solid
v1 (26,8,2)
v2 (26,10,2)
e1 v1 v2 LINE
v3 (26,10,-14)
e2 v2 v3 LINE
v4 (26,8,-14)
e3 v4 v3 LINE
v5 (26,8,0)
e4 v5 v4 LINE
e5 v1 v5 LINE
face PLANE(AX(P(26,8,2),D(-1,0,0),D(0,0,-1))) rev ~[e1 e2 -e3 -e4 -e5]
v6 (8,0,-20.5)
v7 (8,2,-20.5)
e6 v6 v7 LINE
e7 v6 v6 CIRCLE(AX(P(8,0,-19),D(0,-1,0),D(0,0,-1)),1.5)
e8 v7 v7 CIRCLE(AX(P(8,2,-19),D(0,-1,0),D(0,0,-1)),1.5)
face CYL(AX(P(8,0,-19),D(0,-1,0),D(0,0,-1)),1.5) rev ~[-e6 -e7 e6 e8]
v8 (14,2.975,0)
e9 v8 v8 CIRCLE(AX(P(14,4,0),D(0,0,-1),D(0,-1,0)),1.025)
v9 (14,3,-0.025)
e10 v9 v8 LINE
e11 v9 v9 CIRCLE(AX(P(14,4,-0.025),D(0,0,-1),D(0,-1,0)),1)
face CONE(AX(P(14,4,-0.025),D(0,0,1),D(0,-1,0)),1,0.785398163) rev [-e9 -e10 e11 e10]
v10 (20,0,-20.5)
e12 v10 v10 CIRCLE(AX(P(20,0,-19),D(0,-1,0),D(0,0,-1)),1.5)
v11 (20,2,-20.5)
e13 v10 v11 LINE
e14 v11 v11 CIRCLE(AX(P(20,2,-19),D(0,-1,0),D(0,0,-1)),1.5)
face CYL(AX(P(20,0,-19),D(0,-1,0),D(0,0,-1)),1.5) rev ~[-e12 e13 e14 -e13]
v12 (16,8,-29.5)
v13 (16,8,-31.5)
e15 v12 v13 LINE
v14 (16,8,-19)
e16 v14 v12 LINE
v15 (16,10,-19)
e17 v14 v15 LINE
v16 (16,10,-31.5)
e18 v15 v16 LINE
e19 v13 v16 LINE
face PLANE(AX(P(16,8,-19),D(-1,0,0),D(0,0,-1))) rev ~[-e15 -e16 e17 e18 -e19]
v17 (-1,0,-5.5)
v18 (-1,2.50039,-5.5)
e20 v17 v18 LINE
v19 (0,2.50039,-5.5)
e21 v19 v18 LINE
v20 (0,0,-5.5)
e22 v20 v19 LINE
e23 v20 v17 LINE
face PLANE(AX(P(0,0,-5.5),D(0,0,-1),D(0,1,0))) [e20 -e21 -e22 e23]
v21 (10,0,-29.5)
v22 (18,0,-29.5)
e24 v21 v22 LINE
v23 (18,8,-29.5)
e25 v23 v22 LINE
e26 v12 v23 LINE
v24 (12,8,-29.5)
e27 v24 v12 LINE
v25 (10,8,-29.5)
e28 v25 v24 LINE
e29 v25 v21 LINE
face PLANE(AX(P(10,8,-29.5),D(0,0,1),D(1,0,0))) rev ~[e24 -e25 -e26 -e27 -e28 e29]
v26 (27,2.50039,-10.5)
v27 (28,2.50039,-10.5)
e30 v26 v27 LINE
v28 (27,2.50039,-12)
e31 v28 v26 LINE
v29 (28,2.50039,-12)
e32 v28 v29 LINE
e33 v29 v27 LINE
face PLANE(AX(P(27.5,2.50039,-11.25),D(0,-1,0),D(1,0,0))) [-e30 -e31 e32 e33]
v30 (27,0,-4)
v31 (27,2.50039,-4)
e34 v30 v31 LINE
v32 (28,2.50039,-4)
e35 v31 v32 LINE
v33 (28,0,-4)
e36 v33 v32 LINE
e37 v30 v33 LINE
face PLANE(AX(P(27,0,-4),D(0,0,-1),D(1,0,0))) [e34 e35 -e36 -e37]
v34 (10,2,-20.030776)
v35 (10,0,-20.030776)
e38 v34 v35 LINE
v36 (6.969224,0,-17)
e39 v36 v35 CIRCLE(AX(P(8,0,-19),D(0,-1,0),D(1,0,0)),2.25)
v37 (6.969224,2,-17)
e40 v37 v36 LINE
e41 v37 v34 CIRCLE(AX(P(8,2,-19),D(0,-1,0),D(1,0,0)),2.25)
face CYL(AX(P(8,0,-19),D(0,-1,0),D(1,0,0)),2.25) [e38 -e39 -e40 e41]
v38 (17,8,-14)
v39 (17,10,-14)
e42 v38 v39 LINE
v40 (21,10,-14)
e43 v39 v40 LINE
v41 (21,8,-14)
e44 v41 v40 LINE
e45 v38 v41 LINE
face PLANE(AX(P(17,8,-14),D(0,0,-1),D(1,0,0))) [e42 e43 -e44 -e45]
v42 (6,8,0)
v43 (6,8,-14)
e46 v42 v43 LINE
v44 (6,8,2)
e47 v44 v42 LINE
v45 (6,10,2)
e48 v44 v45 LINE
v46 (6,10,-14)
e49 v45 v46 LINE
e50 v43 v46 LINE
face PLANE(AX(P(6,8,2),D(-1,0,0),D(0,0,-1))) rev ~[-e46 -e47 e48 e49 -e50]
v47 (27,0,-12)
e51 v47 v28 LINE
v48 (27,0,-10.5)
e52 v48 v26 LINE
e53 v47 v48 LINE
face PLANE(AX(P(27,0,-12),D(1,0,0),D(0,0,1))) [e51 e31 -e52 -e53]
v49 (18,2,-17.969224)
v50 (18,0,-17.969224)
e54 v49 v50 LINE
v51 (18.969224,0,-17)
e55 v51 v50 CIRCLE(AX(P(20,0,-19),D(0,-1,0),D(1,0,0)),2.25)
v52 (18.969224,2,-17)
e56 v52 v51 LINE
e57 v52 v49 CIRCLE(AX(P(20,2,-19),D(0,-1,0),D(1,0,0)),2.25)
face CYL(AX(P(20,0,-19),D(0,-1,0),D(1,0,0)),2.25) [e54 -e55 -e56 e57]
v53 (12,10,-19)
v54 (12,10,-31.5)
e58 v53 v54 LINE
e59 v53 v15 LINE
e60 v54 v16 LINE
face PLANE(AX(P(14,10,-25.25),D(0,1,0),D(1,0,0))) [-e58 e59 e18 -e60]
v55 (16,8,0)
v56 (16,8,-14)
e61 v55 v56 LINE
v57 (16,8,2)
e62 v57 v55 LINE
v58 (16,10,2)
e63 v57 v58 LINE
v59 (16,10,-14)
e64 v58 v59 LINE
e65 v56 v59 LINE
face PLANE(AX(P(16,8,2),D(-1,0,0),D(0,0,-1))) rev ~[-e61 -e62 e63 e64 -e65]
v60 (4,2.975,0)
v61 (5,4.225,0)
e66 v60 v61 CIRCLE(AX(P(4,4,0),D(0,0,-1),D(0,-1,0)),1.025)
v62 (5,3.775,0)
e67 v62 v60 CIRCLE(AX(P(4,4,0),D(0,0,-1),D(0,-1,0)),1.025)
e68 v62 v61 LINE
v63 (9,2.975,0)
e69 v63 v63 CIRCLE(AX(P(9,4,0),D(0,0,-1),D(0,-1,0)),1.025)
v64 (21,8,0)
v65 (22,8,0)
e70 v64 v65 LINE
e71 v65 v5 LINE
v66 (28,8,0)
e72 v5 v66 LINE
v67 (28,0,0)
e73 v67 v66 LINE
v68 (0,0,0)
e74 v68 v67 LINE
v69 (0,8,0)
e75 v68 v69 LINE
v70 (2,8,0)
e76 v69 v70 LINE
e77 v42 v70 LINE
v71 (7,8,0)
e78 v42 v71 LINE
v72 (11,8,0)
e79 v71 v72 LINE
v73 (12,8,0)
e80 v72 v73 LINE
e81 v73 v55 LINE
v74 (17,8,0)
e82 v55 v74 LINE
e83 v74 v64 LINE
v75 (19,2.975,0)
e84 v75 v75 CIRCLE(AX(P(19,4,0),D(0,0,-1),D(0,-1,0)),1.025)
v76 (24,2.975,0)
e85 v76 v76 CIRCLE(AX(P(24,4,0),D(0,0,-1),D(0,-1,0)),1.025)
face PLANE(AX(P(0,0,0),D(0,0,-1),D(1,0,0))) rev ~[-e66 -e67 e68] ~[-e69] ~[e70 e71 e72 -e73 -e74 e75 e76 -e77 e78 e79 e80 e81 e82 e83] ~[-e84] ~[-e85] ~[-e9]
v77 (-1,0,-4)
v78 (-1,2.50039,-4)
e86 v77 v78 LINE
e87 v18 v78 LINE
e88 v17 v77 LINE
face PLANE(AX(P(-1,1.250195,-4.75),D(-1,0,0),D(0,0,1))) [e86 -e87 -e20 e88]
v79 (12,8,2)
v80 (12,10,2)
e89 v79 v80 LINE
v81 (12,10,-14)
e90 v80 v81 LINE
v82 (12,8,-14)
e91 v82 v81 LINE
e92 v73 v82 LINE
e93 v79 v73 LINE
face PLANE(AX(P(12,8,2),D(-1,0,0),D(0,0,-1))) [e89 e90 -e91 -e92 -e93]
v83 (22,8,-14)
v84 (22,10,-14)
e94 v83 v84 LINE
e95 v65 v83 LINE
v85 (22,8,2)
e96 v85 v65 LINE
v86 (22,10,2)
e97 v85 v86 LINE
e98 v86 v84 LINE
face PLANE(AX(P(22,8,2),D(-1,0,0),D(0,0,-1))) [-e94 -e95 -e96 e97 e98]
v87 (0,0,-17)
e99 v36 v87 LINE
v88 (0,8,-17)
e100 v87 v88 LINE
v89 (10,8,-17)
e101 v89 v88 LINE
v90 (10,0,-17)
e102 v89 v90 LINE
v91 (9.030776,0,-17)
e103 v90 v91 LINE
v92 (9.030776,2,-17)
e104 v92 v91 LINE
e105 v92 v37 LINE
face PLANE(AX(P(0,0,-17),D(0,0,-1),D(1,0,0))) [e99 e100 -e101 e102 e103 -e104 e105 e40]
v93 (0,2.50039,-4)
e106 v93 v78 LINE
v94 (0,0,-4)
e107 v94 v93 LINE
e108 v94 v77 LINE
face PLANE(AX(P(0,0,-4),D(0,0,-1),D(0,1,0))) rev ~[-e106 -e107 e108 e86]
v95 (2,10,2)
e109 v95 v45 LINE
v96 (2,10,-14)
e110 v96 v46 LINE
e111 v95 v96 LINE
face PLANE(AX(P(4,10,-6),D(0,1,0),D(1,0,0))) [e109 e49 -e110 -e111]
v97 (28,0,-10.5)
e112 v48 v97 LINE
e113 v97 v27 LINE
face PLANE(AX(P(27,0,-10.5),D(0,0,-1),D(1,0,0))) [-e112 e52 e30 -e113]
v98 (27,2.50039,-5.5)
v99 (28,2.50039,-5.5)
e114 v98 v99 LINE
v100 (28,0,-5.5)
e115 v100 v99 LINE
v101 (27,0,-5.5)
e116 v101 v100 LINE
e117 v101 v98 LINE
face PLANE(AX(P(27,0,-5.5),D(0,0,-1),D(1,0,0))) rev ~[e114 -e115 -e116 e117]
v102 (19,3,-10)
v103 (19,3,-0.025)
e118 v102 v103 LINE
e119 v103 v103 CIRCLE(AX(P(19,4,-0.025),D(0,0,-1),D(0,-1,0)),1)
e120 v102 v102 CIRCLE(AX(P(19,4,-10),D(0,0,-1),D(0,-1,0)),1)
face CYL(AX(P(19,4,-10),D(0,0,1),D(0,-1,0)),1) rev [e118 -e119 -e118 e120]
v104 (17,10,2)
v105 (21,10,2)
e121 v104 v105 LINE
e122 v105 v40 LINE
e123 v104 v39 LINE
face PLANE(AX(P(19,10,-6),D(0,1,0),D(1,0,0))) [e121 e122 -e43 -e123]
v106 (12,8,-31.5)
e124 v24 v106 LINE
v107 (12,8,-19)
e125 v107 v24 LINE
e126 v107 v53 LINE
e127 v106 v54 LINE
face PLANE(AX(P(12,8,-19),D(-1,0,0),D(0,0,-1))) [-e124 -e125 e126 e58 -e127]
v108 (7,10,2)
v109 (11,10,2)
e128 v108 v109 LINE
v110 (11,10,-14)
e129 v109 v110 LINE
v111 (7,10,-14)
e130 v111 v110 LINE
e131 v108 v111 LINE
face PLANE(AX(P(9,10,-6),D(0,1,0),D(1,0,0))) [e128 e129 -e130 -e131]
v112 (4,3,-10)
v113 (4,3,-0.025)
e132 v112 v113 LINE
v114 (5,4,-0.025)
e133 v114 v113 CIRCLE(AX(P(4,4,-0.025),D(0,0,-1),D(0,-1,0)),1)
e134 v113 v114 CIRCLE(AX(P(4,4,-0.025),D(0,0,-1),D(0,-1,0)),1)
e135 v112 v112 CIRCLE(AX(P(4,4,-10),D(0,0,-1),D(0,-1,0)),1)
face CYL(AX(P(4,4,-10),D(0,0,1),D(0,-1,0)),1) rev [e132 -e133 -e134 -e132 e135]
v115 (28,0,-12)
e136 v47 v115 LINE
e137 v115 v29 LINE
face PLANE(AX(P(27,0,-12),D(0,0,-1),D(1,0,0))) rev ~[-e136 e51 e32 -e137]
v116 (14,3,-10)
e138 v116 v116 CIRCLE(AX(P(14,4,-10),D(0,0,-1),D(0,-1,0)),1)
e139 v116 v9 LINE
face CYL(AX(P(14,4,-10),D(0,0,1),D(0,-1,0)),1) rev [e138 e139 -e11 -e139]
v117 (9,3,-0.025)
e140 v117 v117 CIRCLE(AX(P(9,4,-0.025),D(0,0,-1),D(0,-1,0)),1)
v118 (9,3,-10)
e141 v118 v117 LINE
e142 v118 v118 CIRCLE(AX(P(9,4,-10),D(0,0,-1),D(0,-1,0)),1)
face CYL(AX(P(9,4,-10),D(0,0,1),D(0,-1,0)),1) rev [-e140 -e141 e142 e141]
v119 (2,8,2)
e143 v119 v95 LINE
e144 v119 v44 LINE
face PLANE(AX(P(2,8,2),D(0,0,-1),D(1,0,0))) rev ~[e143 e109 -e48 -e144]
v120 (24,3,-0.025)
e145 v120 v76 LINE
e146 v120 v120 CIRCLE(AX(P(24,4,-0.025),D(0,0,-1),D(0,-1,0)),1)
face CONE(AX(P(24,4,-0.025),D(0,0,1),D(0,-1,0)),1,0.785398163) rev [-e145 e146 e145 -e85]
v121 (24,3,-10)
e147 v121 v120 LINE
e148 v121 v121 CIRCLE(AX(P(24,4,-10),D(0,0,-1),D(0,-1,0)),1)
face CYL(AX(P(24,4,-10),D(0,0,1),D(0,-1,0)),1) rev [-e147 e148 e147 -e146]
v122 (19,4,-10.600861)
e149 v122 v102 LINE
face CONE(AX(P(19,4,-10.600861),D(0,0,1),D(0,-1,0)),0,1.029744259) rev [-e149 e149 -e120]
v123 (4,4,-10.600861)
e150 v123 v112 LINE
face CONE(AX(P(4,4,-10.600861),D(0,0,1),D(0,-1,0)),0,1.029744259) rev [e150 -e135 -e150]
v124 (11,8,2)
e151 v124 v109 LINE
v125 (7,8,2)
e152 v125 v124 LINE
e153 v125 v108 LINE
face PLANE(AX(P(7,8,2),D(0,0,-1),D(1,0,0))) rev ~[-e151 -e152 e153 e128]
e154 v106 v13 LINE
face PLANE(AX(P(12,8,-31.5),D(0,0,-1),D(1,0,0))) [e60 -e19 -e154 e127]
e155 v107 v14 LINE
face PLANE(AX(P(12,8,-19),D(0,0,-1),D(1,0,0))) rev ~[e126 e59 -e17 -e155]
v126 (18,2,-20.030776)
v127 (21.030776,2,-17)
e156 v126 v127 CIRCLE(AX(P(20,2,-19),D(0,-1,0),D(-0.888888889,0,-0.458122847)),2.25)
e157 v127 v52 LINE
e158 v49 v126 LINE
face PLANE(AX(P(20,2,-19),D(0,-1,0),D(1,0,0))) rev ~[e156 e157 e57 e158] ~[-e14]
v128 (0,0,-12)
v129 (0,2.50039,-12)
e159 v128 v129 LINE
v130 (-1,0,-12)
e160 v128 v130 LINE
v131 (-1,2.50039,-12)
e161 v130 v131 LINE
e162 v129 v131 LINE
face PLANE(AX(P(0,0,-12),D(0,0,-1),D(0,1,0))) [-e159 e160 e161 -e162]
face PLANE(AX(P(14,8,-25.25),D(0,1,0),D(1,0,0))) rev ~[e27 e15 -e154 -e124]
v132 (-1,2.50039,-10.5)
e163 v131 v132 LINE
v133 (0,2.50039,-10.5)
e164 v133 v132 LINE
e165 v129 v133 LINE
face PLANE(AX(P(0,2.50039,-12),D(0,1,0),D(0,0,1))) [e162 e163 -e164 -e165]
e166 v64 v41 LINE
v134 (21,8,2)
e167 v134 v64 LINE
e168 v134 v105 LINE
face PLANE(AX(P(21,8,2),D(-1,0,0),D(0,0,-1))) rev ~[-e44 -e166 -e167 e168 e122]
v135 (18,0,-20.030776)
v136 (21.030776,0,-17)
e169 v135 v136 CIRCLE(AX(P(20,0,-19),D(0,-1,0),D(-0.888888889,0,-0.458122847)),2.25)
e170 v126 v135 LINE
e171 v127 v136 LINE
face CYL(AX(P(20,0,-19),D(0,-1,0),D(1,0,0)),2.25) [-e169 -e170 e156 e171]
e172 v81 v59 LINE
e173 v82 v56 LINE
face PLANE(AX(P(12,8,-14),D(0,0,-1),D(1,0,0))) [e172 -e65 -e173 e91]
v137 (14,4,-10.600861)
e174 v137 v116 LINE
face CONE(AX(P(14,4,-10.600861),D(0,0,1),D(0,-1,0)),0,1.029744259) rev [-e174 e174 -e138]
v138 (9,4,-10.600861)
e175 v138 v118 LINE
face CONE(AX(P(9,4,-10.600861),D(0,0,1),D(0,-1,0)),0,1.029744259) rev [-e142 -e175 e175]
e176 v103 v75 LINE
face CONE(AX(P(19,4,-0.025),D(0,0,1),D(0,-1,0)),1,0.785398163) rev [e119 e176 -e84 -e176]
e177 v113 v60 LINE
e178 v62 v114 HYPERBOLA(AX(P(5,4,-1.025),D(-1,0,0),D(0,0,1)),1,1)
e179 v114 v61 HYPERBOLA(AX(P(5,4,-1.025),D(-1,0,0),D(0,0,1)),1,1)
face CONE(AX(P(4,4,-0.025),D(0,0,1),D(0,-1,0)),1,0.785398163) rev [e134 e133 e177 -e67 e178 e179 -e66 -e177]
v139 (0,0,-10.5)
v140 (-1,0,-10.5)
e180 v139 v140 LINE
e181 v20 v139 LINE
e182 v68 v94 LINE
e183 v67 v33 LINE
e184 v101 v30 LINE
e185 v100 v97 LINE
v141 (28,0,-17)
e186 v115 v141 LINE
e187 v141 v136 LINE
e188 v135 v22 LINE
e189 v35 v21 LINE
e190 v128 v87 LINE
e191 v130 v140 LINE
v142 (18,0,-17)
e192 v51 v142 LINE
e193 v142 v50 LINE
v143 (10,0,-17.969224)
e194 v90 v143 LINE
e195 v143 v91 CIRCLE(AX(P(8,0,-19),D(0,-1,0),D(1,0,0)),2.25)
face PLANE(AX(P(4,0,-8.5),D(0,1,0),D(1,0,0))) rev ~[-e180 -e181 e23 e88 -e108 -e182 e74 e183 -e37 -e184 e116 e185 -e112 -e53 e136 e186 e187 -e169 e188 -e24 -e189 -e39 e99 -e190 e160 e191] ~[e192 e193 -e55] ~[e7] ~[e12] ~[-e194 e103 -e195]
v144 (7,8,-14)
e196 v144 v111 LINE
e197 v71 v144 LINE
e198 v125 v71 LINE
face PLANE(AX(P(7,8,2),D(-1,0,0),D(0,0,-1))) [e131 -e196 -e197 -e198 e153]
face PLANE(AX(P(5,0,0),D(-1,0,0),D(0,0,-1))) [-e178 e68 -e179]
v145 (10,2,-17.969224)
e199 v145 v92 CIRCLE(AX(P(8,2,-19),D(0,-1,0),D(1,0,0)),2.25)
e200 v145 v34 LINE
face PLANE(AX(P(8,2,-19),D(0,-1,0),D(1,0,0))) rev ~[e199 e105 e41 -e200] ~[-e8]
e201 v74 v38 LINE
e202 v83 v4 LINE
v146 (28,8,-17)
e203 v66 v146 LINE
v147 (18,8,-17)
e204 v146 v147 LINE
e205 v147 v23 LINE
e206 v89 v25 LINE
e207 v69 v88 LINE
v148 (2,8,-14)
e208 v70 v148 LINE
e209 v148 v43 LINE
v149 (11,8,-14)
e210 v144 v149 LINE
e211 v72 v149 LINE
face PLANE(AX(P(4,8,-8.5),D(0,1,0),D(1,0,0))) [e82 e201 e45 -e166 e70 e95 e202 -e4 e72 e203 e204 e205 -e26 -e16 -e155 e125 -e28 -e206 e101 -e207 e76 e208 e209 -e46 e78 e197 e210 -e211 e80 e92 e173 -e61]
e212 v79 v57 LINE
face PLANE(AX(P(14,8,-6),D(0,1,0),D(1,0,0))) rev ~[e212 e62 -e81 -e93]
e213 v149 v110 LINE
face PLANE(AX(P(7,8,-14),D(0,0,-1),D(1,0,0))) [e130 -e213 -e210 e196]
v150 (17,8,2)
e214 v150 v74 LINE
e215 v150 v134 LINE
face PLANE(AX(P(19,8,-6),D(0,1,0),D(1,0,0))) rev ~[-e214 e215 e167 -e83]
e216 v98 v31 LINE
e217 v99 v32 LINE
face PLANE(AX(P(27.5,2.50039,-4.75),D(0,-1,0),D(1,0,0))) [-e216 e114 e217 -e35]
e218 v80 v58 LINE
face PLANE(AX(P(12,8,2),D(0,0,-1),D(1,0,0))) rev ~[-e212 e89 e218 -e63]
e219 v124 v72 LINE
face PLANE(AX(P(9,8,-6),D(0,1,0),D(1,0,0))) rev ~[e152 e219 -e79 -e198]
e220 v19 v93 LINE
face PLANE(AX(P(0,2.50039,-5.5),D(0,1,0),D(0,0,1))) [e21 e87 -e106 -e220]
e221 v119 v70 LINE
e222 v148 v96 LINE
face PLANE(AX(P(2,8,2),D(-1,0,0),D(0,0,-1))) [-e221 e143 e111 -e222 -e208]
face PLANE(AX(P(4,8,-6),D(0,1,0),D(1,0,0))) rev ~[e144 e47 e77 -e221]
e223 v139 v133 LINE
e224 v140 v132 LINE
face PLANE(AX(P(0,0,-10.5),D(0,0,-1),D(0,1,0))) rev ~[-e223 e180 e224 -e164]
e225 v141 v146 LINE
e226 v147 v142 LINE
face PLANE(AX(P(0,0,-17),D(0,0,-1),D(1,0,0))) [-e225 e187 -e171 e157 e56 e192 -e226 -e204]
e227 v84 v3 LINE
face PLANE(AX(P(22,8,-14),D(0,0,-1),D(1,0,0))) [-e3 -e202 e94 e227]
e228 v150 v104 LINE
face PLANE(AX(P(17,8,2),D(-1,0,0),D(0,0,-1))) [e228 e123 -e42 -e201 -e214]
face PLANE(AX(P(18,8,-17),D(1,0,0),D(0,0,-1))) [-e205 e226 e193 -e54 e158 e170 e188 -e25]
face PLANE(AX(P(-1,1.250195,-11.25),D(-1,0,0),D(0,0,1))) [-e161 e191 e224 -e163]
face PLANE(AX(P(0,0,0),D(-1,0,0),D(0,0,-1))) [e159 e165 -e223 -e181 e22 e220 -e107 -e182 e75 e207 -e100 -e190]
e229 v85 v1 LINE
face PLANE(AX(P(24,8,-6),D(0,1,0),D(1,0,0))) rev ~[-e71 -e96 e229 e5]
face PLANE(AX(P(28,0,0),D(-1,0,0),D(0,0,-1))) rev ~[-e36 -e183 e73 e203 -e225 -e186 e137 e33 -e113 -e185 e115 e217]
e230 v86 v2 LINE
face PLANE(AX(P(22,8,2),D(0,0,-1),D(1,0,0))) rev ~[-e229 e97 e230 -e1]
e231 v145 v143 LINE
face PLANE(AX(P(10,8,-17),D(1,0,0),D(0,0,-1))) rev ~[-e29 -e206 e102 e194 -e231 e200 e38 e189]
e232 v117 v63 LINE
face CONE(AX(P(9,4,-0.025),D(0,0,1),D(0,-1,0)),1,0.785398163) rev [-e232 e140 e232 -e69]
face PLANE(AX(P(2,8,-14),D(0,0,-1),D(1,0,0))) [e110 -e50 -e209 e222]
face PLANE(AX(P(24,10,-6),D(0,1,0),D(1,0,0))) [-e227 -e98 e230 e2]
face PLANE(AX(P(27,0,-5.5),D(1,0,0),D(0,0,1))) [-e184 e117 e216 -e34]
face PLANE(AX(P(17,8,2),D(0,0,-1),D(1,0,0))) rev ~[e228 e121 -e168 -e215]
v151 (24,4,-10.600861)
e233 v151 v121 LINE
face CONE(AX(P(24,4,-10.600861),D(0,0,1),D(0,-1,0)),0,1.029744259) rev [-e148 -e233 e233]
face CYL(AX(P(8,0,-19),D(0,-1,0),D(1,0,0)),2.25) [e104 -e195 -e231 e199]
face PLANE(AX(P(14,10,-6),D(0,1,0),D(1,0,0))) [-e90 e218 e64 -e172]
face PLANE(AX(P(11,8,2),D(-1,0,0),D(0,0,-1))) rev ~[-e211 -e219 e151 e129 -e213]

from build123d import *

# Parameters (mm, degrees)
SKETCH1_W                  = 8
SKETCH1_H                  = 17
CONNECTOR_BODY_DEPTH       = 8
SKETCH4_W                  = 4
SKETCH4_H                  = 16
CLAMP_DEPTH                = 2
CONNECTOR_PATTERN_COUNT    = 5
CONNECTOR_PATTERN_PITCH    = 5
SKETCH5_W                  = 8
SKETCH5_H                  = 12.5
SINGLE_BODY_DEPTH          = 8
SKETCH6_W                  = 1.5
SKETCH6_H                  = 2.500390225
CHAINING_NOBS_DEPTH        = 1
SKETCH7_W                  = 1
SKETCH7_H                  = 1.5
CHAINING_NOBS_CUTOUT_DEPTH = 2.50039
SKETCH8_W                  = 4
SKETCH8_H                  = 12.5
SINGLE_BODY_CLAMP_DEPTH    = 2
SKETCH9_R                  = 2.25
SKETCH9_R_2                = 1.5
MOUNTING_RINGS_DEPTH       = 2


with BuildPart() as part:
    # Sketch1 → connector_body (new body)
    with BuildSketch(Plane(origin=(0, 0, 0), x_dir=(1, 0, 0), z_dir=(0, 1, 0))):
        with Locations((4, 8.5)):
            Rectangle(SKETCH1_W, SKETCH1_H)
    connector_body = extrude(amount=CONNECTOR_BODY_DEPTH)

    # Sketch3 → cable_hole (revolve, cut)
    with BuildSketch(Plane(origin=(4, 4, 0), x_dir=(0, -1, 0), z_dir=(1, 0, 0))):
        Polygon((0, 0), (0, 10.600860619), (1, 10), (1, 0.025), (1.025, 0), align=None)
    cable_hole = revolve(axis=Axis((4, 4, 6.35), (0, 0, -1)), mode=Mode.SUBTRACT)

    # Sketch4 → clamp (add)
    with BuildSketch(Plane(origin=(0, 8, 0), x_dir=(1, 0, 0), z_dir=(0, 1, 0))):
        with Locations((4, 6)):
            Rectangle(SKETCH4_W, SKETCH4_H)
    clamp = extrude(amount=CLAMP_DEPTH)

    # connector_pattern: connector_body, cable_hole, clamp ×5
    with Locations(*[(i * CONNECTOR_PATTERN_PITCH, 0, 0) for i in range(1, CONNECTOR_PATTERN_COUNT)]):
        add(connector_body)
        add(cable_hole, mode=Mode.SUBTRACT)
        add(clamp)

    # Sketch5 → single_body (add)
    with BuildSketch(Plane(origin=(0, 8, 0), x_dir=(1, 0, 0), z_dir=(0, 1, 0))):
        with Locations((14, 23.25)):
            Rectangle(SKETCH5_W, SKETCH5_H)
    extrude(amount=-SINGLE_BODY_DEPTH)

    # Sketch6 → chaining_nobs (add)
    with BuildSketch(Plane.ZY):
        with Locations((-11.25, 1.250195113)):
            Rectangle(SKETCH6_W, SKETCH6_H)
        with Locations((-4.75, 1.250195113)):
            Rectangle(SKETCH6_W, SKETCH6_H)
    extrude(amount=CHAINING_NOBS_DEPTH)

    # Sketch7 → chaining_nobs_cutout (cut)
    with BuildSketch(Plane.XZ):
        with Locations((27.5, -4.75)):
            Rectangle(SKETCH7_W, SKETCH7_H)
        with Locations((27.5, -11.25)):
            Rectangle(SKETCH7_W, SKETCH7_H)
    extrude(amount=-CHAINING_NOBS_CUTOUT_DEPTH, mode=Mode.SUBTRACT)

    # Sketch8 → single_body_clamp (add)
    with BuildSketch(Plane(origin=(0, 8, 0), x_dir=(1, 0, 0), z_dir=(0, 1, 0))):
        with Locations((14, 25.25)):
            Rectangle(SKETCH8_W, SKETCH8_H)
    extrude(amount=SINGLE_BODY_CLAMP_DEPTH)

    # Sketch9 → mounting_rings (add)
    # profile 1 of 2: a face of its own
    with BuildSketch(Plane.XZ):
        with Locations((8, -19)):
            Circle(SKETCH9_R)
        with Locations(Location((8, -19, 0), (0, 0, 270))):
            Circle(SKETCH9_R_2, mode=Mode.SUBTRACT)
    # profile 2 of 2: a face of its own
    with BuildSketch(Plane.XZ):
        with Locations((20, -19)):
            Circle(SKETCH9_R)
        with Locations(Location((20, -19, 0), (0, 0, 270))):
            Circle(SKETCH9_R_2, mode=Mode.SUBTRACT)
    extrude(amount=-MOUNTING_RINGS_DEPTH)


solid = part.part
